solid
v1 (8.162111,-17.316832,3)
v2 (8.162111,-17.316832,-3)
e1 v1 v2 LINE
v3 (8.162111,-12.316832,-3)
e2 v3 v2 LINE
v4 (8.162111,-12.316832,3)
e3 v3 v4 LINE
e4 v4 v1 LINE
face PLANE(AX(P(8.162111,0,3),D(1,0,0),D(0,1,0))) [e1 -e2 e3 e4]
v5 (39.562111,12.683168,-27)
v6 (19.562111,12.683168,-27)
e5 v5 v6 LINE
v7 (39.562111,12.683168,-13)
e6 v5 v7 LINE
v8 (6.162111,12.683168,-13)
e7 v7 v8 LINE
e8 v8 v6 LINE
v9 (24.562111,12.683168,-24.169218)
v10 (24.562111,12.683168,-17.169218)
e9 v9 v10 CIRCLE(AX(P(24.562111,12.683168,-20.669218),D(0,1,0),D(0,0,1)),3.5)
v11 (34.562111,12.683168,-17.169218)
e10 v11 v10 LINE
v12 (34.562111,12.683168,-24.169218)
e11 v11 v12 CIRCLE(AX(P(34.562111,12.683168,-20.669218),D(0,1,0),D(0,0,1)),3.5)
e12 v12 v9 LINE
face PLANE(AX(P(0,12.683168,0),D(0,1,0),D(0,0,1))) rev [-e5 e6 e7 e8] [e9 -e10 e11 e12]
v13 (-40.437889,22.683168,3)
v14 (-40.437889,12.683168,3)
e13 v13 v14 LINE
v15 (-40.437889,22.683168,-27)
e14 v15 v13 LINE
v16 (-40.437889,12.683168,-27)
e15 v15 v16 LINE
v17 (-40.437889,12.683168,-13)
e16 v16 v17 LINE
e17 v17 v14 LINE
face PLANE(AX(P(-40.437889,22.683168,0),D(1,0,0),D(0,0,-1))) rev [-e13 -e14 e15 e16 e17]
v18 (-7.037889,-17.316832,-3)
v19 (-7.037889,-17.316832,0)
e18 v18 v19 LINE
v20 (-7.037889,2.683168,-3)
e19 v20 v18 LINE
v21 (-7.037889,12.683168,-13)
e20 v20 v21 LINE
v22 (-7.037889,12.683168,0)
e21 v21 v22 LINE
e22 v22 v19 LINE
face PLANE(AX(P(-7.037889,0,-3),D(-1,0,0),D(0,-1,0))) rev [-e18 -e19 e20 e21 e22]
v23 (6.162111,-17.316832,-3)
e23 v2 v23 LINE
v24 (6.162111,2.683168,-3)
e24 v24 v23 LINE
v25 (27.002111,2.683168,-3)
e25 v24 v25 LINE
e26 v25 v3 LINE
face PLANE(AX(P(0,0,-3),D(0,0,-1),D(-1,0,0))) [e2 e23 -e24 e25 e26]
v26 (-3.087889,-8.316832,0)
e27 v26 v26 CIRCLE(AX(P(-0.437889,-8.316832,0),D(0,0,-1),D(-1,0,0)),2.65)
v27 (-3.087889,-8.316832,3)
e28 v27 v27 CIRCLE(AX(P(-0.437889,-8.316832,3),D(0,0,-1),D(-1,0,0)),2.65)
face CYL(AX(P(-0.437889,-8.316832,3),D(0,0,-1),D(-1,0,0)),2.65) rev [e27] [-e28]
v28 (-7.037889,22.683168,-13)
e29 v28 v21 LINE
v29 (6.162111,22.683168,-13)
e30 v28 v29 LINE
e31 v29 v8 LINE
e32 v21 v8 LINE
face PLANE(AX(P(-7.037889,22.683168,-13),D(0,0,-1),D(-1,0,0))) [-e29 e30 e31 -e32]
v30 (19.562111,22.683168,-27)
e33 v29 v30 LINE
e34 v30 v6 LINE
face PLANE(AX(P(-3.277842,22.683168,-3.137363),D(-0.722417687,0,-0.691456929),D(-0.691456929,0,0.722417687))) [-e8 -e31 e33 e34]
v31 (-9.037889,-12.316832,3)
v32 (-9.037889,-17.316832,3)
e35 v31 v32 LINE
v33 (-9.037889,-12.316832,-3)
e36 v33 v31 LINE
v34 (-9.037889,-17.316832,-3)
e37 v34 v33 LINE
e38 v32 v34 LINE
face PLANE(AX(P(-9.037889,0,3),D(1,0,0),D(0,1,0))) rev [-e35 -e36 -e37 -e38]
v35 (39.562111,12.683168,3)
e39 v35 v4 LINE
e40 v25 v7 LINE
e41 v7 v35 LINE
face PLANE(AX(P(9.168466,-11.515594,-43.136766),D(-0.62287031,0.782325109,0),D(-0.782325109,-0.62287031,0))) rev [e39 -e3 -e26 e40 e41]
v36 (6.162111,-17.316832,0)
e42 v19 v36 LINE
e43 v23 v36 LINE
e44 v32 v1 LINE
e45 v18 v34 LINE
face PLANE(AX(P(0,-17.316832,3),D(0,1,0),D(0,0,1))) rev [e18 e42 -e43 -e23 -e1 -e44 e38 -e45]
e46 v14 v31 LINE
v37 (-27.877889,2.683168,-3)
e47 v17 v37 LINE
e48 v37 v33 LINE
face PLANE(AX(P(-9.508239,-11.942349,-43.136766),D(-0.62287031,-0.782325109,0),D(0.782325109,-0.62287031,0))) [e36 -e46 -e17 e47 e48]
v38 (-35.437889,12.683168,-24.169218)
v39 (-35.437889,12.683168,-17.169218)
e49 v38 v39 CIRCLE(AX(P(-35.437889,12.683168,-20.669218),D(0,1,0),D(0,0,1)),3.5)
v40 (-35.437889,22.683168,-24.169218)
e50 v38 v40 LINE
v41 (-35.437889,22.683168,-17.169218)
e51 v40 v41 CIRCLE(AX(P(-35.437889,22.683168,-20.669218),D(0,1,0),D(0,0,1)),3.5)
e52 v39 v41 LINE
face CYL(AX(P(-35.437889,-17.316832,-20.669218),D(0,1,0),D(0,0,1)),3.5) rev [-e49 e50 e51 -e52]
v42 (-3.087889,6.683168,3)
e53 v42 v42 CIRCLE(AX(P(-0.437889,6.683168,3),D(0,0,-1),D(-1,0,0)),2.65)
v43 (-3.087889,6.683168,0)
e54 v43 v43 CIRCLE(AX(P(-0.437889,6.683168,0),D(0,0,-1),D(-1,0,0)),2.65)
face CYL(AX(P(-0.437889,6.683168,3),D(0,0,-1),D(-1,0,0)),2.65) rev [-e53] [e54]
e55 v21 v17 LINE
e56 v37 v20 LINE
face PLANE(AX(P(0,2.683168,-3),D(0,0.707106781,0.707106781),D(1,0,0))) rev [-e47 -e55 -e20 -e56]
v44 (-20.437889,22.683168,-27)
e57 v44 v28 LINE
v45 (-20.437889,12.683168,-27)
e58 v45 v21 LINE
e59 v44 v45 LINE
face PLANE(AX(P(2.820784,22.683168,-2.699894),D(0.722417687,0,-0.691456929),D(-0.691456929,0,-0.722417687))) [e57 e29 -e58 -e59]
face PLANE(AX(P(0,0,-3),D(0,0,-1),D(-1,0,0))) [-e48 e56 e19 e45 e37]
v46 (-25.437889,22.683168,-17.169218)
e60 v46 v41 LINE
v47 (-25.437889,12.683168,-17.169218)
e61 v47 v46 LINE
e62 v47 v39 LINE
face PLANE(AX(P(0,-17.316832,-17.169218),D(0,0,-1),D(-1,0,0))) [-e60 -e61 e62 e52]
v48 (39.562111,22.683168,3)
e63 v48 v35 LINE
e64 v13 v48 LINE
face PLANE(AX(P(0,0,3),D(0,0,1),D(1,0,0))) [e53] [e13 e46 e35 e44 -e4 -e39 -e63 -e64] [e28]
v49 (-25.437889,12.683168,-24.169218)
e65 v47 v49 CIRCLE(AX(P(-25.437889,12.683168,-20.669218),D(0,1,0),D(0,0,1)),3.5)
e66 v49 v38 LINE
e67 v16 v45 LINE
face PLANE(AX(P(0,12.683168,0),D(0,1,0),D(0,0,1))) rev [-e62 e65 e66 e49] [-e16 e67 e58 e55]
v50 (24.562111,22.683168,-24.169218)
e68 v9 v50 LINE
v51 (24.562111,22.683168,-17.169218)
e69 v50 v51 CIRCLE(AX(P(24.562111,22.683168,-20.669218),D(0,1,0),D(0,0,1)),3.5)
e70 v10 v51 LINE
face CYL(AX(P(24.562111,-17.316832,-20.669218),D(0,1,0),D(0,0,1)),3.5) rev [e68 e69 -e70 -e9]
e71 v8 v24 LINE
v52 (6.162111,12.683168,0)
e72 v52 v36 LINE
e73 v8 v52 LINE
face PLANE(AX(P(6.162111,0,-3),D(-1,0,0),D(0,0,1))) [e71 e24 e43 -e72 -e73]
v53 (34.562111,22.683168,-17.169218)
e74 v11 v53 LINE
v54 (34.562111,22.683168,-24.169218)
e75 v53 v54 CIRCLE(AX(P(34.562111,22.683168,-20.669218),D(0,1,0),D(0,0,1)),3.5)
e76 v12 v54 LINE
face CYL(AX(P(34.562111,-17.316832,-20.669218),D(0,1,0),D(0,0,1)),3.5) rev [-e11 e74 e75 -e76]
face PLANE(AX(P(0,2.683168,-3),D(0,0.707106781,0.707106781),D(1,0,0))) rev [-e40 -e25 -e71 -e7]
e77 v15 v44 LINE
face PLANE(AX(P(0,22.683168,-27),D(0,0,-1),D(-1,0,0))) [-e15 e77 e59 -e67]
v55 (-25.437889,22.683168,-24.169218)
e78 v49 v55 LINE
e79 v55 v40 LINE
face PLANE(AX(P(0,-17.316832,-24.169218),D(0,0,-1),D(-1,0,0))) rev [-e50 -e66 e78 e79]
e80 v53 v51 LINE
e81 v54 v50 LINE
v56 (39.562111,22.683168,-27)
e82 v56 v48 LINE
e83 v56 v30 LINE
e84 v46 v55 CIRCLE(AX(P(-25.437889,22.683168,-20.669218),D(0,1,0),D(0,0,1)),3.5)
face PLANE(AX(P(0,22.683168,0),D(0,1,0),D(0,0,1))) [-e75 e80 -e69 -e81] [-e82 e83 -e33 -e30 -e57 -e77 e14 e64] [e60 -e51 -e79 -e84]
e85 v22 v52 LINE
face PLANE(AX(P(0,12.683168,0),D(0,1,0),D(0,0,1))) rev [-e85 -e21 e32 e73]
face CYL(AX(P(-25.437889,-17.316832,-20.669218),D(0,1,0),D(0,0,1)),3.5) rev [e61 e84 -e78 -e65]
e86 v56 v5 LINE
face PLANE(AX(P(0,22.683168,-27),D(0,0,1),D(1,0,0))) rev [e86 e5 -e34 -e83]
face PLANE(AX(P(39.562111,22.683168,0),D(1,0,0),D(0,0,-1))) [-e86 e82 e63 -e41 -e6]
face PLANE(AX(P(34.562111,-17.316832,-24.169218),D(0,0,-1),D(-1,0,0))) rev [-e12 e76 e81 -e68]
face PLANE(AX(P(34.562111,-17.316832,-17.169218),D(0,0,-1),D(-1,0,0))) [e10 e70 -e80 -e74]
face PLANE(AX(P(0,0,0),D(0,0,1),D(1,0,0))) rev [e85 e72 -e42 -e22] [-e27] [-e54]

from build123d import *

# Parameters (mm, degrees)
ESQUISSE1_W             = 13.2
ESQUISSE1_H             = 30
ESQUISSE1_W_2           = 2
BOSS_EXTRU_1_DEPTH      = 3
ESQUISSE2_W             = 2
ESQUISSE2_H             = 30
BOSS_EXTRU_2_DEPTH      = 3
BOSS_EXTRU_3_DEPTH      = 10
BOSS_EXTRU_4_DEPTH      = 6
ESQUISSE6_R             = 2.65
ENL_V_MAT_EXTRU_1_DEPTH = 4
ENL_V_MAT_EXTRU_2_DEPTH = 41
CHANFREIN2_SIZE         = 10


with BuildPart() as part:
    # Esquisse1 → Boss.-Extru.1 (new body)
    with BuildSketch(Plane.XY):
        with Locations((-0.437888948, -2.316831683)):
            Rectangle(ESQUISSE1_W, ESQUISSE1_H)
        with Locations((-8.037888948, -2.316831683)):
            Rectangle(ESQUISSE1_W_2, ESQUISSE1_H)
        with Locations((7.162111052, -2.316831683)):
            Rectangle(ESQUISSE1_W_2, ESQUISSE1_H)
    extrude(amount=BOSS_EXTRU_1_DEPTH)

    # Esquisse2 → Boss.-Extru.2 (add)
    with BuildSketch(Plane(origin=(0, 0, 0), x_dir=(-1, 0, 0), z_dir=(0, 0, -1))):
        with Locations((-7.162111052, -2.316831683)):
            Rectangle(ESQUISSE2_W, ESQUISSE2_H)
        with Locations((8.037888948, -2.316831683)):
            Rectangle(ESQUISSE2_W, ESQUISSE2_H)
    extrude(amount=BOSS_EXTRU_2_DEPTH)

    # Esquisse3 → Boss.-Extru.3 (add)
    with BuildSketch(Plane(origin=(0, 12.683168317, 0), x_dir=(1, 0, 0), z_dir=(0, 1, 0))):
        Polygon((19.562111052, 27), (6.162111052, 13), (-7.037888948, 13), (-20.437888948, 27), (-40.437888948, 27), (-40.437888948, -3), (39.562111052, -3), (39.562111052, 27), align=None)
    extrude(amount=BOSS_EXTRU_3_DEPTH)

    # Esquisse5 → Boss.-Extru.4 (add)
    with BuildSketch(Plane.XY.offset(3)):
        Polygon((-9.037888948, 12.683168317), (-40.437888948, 12.683168317), (-9.037888948, -12.316831683), align=None)
        Polygon((8.162111052, -12.316831683), (39.562111052, 12.683168317), (8.162111052, 12.683168317), align=None)
    extrude(amount=-BOSS_EXTRU_4_DEPTH)

    # Esquisse6 → Enlèv. mat.-Extru.1 (cut, through all)
    with BuildSketch(Plane(origin=(0, 0, 0), x_dir=(-1, 0, 0), z_dir=(0, 0, -1))):
        with Locations((0.437888948, 6.683168317)):
            Circle(ESQUISSE6_R)
        with Locations((0.437888948, -8.316831683)):
            Circle(ESQUISSE6_R)
    extrude(amount=-ENL_V_MAT_EXTRU_1_DEPTH, mode=Mode.SUBTRACT)

    # Esquisse7 → Enlèv. mat.-Extru.2 (cut, through all)
    with BuildSketch(Plane(origin=(0, 22.683168317, 0), x_dir=(1, 0, 0), z_dir=(0, 1, 0))):
        with BuildLine():
            Line((-25.437888948, 17.169217815), (-35.437888948, 17.169217815))
            ThreePointArc((-35.437888948, 17.169217815), (-38.937888948, 20.669217815), (-35.437888948, 24.169217815))
            Line((-35.437888948, 24.169217815), (-25.437888948, 24.169217815))
            ThreePointArc((-25.437888948, 24.169217815), (-21.937888948, 20.669217815), (-25.437888948, 17.169217815))
        make_face()
        with BuildLine():
            Line((34.562111052, 17.169217815), (24.562111052, 17.169217815))
            ThreePointArc((24.562111052, 17.169217815), (21.062111052, 20.669217815), (24.562111052, 24.169217815))
            Line((24.562111052, 24.169217815), (34.562111052, 24.169217815))
            ThreePointArc((34.562111052, 24.169217815), (38.062111052, 20.669217815), (34.562111052, 17.169217815))
        make_face()
    extrude(amount=-ENL_V_MAT_EXTRU_2_DEPTH, mode=Mode.SUBTRACT)

    # Chanfrein2
    chanfrein2_edges = [part.edges().sort_by_distance(p)[0] for p in [
        (22.862111052, 12.683168317, -3),
        (-23.737888948, 12.683168317, -3),
    ]]
    chamfer(chanfrein2_edges, length=CHANFREIN2_SIZE)


solid = part.part
